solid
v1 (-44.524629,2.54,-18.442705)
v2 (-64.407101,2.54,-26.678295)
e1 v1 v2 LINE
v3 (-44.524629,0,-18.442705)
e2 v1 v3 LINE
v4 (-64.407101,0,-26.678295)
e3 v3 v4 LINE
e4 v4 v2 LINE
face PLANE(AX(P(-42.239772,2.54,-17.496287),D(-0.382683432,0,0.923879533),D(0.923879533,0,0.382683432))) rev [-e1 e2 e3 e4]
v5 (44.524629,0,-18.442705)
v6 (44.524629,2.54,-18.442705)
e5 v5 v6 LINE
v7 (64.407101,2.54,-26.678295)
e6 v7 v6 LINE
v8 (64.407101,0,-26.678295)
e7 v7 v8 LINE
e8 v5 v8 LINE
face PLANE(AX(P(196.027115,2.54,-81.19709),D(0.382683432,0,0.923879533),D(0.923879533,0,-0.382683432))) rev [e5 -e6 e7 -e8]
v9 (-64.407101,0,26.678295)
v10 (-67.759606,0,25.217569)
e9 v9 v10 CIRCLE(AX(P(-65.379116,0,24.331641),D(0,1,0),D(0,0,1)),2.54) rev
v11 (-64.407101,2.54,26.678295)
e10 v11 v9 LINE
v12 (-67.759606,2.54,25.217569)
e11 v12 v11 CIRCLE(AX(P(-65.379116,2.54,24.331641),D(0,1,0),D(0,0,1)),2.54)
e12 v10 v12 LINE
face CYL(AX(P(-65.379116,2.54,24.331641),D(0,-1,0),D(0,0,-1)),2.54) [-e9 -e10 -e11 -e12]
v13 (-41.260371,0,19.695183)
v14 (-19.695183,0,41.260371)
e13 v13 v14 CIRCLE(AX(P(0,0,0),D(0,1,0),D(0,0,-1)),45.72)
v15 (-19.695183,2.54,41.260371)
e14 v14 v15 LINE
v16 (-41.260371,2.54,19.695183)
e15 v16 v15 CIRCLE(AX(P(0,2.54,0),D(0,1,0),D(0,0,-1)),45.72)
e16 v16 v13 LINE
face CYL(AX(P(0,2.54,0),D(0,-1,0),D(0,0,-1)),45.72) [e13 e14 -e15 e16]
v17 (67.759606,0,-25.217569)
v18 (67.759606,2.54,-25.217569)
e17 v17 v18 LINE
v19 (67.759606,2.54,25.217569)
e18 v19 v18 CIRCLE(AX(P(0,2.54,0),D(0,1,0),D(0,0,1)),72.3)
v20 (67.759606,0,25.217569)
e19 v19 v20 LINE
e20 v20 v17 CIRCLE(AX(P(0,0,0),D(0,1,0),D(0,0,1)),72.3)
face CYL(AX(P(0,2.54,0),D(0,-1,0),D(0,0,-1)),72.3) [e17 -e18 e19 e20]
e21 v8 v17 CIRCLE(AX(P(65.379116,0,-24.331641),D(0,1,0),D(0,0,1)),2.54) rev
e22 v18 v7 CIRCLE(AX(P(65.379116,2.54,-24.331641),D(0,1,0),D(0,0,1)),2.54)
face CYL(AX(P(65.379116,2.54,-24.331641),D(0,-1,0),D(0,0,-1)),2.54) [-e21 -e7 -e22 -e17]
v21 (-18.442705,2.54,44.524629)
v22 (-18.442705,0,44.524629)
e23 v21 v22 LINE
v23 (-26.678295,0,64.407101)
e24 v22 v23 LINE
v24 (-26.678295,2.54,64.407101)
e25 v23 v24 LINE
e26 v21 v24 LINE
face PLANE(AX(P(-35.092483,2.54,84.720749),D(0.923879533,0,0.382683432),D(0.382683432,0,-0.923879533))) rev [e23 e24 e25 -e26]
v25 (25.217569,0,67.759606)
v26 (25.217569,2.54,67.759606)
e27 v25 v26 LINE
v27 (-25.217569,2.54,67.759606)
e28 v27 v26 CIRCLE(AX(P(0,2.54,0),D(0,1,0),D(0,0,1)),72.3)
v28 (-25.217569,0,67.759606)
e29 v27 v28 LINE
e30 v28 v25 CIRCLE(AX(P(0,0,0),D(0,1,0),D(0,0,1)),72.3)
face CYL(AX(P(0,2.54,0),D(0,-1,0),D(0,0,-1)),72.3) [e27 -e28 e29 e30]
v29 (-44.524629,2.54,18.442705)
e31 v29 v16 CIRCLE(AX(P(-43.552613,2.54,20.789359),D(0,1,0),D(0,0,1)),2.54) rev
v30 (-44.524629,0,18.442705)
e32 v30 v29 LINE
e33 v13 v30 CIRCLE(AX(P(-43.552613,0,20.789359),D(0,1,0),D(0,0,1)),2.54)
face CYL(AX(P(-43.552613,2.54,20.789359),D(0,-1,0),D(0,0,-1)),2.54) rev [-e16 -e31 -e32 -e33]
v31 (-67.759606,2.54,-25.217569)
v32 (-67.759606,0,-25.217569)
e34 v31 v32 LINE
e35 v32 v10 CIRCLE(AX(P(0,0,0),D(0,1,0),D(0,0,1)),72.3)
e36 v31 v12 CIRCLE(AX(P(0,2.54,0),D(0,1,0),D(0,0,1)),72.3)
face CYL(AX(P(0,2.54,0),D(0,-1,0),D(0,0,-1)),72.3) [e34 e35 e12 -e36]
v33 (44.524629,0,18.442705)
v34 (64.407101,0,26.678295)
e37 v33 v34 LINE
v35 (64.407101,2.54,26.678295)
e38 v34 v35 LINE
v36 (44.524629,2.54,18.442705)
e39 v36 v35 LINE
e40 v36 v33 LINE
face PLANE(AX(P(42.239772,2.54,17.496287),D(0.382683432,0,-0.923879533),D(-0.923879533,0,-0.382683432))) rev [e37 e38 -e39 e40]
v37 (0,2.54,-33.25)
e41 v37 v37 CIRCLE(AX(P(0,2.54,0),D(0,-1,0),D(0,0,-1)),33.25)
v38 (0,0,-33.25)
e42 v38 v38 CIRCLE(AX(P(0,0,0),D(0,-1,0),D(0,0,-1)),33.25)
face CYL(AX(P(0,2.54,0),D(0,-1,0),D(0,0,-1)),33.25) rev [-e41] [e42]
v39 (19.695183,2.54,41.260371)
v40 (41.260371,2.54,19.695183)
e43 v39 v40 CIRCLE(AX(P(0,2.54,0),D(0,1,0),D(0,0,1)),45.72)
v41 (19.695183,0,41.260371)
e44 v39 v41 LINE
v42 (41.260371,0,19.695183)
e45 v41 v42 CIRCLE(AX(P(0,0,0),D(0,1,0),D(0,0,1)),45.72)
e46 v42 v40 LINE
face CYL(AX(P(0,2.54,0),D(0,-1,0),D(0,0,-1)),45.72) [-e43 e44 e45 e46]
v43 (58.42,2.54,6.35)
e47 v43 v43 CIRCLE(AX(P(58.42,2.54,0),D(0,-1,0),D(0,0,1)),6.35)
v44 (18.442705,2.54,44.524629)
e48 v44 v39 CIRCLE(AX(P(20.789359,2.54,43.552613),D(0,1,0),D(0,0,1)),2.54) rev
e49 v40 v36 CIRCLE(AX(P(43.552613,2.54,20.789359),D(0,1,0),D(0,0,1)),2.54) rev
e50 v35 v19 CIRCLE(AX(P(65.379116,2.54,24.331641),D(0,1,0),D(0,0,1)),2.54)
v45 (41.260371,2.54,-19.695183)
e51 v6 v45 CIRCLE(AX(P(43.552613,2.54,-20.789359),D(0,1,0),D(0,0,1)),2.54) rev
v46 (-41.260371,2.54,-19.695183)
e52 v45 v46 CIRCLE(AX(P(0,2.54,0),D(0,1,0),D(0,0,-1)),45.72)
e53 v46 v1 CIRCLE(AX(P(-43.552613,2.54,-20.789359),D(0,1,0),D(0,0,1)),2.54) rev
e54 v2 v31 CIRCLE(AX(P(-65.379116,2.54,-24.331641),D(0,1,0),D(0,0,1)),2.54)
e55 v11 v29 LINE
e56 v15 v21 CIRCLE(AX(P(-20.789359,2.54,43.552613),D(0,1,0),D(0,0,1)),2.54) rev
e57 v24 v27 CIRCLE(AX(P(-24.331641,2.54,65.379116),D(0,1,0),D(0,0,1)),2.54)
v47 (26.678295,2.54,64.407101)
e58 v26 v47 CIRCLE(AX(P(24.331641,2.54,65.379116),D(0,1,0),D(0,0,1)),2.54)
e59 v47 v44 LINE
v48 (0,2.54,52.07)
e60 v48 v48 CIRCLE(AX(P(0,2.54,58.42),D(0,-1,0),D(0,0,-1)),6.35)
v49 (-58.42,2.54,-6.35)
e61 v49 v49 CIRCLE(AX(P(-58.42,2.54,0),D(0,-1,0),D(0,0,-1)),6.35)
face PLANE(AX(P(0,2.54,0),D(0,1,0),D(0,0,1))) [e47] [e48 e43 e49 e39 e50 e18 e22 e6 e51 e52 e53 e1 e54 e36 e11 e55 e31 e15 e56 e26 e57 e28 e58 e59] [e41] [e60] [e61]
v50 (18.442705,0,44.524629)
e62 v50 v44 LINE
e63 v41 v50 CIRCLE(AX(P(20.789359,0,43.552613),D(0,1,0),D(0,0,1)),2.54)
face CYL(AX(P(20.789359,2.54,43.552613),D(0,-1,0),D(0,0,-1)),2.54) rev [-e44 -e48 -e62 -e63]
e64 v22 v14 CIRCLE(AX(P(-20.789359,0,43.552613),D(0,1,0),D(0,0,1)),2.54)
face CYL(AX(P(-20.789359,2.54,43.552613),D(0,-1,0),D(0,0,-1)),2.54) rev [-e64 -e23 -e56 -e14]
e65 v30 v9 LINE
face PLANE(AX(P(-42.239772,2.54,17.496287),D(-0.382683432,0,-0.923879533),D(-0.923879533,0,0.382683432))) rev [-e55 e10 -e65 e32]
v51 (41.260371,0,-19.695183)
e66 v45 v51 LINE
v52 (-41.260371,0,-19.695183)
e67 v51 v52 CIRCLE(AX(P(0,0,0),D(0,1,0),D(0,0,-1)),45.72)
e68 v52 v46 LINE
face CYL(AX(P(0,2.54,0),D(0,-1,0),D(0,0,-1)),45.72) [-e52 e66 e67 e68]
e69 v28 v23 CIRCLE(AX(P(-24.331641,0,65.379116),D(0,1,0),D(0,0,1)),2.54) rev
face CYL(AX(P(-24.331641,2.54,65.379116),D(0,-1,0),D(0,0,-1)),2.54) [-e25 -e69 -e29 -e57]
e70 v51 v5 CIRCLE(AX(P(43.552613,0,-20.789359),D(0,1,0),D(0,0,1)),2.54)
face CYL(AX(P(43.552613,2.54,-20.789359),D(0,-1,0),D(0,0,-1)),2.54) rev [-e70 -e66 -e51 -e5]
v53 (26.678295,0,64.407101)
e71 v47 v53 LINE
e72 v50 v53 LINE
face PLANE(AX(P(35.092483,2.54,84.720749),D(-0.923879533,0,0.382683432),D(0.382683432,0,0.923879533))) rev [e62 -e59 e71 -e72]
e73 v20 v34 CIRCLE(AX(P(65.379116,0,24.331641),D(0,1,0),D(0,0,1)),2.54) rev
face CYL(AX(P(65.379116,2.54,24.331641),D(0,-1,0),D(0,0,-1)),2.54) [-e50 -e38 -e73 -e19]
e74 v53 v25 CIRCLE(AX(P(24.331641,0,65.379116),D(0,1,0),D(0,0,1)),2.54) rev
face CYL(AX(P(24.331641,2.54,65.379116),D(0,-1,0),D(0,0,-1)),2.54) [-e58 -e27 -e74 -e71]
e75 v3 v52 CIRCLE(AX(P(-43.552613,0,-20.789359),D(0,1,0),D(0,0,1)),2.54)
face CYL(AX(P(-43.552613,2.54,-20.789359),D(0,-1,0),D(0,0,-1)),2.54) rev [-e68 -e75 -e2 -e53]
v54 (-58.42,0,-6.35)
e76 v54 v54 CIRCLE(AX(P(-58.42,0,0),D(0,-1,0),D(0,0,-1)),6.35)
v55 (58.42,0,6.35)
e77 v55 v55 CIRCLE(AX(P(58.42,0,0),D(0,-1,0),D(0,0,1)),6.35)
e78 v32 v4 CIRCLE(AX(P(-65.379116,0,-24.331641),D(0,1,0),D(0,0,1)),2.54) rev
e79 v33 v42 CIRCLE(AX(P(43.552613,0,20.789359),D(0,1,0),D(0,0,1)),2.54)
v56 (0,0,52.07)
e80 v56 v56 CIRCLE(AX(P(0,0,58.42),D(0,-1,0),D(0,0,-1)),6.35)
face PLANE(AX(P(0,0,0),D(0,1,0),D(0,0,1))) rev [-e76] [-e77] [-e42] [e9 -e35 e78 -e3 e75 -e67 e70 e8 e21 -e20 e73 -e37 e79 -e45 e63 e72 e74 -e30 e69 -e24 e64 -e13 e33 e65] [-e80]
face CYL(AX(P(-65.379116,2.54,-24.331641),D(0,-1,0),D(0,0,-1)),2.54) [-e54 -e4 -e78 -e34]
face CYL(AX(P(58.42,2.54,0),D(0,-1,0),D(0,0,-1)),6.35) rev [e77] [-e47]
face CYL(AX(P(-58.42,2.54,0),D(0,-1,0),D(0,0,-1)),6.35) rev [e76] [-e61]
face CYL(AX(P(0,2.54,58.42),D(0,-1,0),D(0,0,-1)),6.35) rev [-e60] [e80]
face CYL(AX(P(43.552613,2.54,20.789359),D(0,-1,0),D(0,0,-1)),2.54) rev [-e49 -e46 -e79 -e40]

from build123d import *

# Parameters (mm, degrees)
SKETCH1_R      = 72.3
EXTRUDE1_DEPTH = 2.54
SKETCH2_R      = 6.35
EXTRUDE2_DEPTH = 103.279184588
SKETCH3_R      = 33.25
EXTRUDE3_DEPTH = 103.279184588
EXTRUDE4_DEPTH = 2.54
FILLET1_R      = 2.54


with BuildPart() as part:
    # Sketch1 → Extrude1 (new body)
    with BuildSketch(Plane(origin=(0, 0, 0), x_dir=(1, 0, 0), z_dir=(0, 1, 0))):
        with Locations(Location((0, 0, 0), (0, 0, 270))):
            Circle(SKETCH1_R)
    extrude(amount=EXTRUDE1_DEPTH)

    # Sketch2 → Extrude2 (cut, through all)
    with BuildSketch(Plane.XZ):
        with Locations(Location((-58.42, 0, 0), (0, 0, 270))):
            Circle(SKETCH2_R)
        with Locations(Location((58.42, 0, 0), (0, 0, 90))):
            Circle(SKETCH2_R)
        with Locations(Location((0, 58.42, 0), (0, 0, 270))):
            Circle(SKETCH2_R)
    extrude(amount=-EXTRUDE2_DEPTH, mode=Mode.SUBTRACT)

    # Sketch3 → Extrude3 (cut, through all)
    with BuildSketch(Plane.XZ):
        with Locations(Location((0, 0, 0), (0, 0, 270))):
            Circle(SKETCH3_R)
    extrude(amount=-EXTRUDE3_DEPTH, mode=Mode.SUBTRACT)

    # Sketch4 → Extrude4 (cut)
    with BuildSketch(Plane.XZ):
        with BuildLine():
            Line((-42.239772226, -17.496286528), (-196.027114776, -81.197089533))
            Line((-196.027114776, -81.197089533), (196.027114776, -81.197089533))
            Line((196.027114776, -81.197089533), (42.239772226, -17.496286528))
            ThreePointArc((42.239772226, -17.496286528), (0, -45.72), (-42.239772226, -17.496286528))
        make_face()
        with BuildLine():
            Line((-42.239772226, 17.496286528), (-90.262778901, 37.388067198))
            Line((-90.262778901, 37.388067198), (-35.092483391, 84.720749339))
            Line((-35.092483391, 84.720749339), (-17.496286528, 42.239772226))
            ThreePointArc((-17.496286528, 42.239772226), (-32.328922036, 32.328922036), (-42.239772226, 17.496286528))
        make_face()
        with BuildLine():
            Line((42.239772226, 17.496286528), (90.262778901, 37.388067198))
            Line((90.262778901, 37.388067198), (35.092483391, 84.720749339))
            Line((35.092483391, 84.720749339), (17.496286528, 42.239772226))
            ThreePointArc((17.496286528, 42.239772226), (32.328922036, 32.328922036), (42.239772226, 17.496286528))
        make_face()
    extrude(amount=-EXTRUDE4_DEPTH, mode=Mode.SUBTRACT)

    # Fillet1
    fillet1_edges = [part.edges().sort_by_distance(p)[0] for p in [
        (66.796490201, 1.27, -27.66801216),
        (42.239772226, 1.27, -17.496286528),
        (-66.796490201, 1.27, -27.66801216),
        (-42.239772226, 1.27, -17.496286528),
        (-66.796490201, 1.27, 27.66801216),
        (-42.239772226, 1.27, 17.496286528),
        (-27.66801216, 1.27, 66.796490201),
        (-17.496286528, 1.27, 42.239772226),
        (27.66801216, 1.27, 66.796490201),
        (17.496286528, 1.27, 42.239772226),
        (66.796490201, 1.27, 27.66801216),
        (42.239772226, 1.27, 17.496286528),
    ]]
    fillet(fillet1_edges, radius=FILLET1_R)


solid = part.part
